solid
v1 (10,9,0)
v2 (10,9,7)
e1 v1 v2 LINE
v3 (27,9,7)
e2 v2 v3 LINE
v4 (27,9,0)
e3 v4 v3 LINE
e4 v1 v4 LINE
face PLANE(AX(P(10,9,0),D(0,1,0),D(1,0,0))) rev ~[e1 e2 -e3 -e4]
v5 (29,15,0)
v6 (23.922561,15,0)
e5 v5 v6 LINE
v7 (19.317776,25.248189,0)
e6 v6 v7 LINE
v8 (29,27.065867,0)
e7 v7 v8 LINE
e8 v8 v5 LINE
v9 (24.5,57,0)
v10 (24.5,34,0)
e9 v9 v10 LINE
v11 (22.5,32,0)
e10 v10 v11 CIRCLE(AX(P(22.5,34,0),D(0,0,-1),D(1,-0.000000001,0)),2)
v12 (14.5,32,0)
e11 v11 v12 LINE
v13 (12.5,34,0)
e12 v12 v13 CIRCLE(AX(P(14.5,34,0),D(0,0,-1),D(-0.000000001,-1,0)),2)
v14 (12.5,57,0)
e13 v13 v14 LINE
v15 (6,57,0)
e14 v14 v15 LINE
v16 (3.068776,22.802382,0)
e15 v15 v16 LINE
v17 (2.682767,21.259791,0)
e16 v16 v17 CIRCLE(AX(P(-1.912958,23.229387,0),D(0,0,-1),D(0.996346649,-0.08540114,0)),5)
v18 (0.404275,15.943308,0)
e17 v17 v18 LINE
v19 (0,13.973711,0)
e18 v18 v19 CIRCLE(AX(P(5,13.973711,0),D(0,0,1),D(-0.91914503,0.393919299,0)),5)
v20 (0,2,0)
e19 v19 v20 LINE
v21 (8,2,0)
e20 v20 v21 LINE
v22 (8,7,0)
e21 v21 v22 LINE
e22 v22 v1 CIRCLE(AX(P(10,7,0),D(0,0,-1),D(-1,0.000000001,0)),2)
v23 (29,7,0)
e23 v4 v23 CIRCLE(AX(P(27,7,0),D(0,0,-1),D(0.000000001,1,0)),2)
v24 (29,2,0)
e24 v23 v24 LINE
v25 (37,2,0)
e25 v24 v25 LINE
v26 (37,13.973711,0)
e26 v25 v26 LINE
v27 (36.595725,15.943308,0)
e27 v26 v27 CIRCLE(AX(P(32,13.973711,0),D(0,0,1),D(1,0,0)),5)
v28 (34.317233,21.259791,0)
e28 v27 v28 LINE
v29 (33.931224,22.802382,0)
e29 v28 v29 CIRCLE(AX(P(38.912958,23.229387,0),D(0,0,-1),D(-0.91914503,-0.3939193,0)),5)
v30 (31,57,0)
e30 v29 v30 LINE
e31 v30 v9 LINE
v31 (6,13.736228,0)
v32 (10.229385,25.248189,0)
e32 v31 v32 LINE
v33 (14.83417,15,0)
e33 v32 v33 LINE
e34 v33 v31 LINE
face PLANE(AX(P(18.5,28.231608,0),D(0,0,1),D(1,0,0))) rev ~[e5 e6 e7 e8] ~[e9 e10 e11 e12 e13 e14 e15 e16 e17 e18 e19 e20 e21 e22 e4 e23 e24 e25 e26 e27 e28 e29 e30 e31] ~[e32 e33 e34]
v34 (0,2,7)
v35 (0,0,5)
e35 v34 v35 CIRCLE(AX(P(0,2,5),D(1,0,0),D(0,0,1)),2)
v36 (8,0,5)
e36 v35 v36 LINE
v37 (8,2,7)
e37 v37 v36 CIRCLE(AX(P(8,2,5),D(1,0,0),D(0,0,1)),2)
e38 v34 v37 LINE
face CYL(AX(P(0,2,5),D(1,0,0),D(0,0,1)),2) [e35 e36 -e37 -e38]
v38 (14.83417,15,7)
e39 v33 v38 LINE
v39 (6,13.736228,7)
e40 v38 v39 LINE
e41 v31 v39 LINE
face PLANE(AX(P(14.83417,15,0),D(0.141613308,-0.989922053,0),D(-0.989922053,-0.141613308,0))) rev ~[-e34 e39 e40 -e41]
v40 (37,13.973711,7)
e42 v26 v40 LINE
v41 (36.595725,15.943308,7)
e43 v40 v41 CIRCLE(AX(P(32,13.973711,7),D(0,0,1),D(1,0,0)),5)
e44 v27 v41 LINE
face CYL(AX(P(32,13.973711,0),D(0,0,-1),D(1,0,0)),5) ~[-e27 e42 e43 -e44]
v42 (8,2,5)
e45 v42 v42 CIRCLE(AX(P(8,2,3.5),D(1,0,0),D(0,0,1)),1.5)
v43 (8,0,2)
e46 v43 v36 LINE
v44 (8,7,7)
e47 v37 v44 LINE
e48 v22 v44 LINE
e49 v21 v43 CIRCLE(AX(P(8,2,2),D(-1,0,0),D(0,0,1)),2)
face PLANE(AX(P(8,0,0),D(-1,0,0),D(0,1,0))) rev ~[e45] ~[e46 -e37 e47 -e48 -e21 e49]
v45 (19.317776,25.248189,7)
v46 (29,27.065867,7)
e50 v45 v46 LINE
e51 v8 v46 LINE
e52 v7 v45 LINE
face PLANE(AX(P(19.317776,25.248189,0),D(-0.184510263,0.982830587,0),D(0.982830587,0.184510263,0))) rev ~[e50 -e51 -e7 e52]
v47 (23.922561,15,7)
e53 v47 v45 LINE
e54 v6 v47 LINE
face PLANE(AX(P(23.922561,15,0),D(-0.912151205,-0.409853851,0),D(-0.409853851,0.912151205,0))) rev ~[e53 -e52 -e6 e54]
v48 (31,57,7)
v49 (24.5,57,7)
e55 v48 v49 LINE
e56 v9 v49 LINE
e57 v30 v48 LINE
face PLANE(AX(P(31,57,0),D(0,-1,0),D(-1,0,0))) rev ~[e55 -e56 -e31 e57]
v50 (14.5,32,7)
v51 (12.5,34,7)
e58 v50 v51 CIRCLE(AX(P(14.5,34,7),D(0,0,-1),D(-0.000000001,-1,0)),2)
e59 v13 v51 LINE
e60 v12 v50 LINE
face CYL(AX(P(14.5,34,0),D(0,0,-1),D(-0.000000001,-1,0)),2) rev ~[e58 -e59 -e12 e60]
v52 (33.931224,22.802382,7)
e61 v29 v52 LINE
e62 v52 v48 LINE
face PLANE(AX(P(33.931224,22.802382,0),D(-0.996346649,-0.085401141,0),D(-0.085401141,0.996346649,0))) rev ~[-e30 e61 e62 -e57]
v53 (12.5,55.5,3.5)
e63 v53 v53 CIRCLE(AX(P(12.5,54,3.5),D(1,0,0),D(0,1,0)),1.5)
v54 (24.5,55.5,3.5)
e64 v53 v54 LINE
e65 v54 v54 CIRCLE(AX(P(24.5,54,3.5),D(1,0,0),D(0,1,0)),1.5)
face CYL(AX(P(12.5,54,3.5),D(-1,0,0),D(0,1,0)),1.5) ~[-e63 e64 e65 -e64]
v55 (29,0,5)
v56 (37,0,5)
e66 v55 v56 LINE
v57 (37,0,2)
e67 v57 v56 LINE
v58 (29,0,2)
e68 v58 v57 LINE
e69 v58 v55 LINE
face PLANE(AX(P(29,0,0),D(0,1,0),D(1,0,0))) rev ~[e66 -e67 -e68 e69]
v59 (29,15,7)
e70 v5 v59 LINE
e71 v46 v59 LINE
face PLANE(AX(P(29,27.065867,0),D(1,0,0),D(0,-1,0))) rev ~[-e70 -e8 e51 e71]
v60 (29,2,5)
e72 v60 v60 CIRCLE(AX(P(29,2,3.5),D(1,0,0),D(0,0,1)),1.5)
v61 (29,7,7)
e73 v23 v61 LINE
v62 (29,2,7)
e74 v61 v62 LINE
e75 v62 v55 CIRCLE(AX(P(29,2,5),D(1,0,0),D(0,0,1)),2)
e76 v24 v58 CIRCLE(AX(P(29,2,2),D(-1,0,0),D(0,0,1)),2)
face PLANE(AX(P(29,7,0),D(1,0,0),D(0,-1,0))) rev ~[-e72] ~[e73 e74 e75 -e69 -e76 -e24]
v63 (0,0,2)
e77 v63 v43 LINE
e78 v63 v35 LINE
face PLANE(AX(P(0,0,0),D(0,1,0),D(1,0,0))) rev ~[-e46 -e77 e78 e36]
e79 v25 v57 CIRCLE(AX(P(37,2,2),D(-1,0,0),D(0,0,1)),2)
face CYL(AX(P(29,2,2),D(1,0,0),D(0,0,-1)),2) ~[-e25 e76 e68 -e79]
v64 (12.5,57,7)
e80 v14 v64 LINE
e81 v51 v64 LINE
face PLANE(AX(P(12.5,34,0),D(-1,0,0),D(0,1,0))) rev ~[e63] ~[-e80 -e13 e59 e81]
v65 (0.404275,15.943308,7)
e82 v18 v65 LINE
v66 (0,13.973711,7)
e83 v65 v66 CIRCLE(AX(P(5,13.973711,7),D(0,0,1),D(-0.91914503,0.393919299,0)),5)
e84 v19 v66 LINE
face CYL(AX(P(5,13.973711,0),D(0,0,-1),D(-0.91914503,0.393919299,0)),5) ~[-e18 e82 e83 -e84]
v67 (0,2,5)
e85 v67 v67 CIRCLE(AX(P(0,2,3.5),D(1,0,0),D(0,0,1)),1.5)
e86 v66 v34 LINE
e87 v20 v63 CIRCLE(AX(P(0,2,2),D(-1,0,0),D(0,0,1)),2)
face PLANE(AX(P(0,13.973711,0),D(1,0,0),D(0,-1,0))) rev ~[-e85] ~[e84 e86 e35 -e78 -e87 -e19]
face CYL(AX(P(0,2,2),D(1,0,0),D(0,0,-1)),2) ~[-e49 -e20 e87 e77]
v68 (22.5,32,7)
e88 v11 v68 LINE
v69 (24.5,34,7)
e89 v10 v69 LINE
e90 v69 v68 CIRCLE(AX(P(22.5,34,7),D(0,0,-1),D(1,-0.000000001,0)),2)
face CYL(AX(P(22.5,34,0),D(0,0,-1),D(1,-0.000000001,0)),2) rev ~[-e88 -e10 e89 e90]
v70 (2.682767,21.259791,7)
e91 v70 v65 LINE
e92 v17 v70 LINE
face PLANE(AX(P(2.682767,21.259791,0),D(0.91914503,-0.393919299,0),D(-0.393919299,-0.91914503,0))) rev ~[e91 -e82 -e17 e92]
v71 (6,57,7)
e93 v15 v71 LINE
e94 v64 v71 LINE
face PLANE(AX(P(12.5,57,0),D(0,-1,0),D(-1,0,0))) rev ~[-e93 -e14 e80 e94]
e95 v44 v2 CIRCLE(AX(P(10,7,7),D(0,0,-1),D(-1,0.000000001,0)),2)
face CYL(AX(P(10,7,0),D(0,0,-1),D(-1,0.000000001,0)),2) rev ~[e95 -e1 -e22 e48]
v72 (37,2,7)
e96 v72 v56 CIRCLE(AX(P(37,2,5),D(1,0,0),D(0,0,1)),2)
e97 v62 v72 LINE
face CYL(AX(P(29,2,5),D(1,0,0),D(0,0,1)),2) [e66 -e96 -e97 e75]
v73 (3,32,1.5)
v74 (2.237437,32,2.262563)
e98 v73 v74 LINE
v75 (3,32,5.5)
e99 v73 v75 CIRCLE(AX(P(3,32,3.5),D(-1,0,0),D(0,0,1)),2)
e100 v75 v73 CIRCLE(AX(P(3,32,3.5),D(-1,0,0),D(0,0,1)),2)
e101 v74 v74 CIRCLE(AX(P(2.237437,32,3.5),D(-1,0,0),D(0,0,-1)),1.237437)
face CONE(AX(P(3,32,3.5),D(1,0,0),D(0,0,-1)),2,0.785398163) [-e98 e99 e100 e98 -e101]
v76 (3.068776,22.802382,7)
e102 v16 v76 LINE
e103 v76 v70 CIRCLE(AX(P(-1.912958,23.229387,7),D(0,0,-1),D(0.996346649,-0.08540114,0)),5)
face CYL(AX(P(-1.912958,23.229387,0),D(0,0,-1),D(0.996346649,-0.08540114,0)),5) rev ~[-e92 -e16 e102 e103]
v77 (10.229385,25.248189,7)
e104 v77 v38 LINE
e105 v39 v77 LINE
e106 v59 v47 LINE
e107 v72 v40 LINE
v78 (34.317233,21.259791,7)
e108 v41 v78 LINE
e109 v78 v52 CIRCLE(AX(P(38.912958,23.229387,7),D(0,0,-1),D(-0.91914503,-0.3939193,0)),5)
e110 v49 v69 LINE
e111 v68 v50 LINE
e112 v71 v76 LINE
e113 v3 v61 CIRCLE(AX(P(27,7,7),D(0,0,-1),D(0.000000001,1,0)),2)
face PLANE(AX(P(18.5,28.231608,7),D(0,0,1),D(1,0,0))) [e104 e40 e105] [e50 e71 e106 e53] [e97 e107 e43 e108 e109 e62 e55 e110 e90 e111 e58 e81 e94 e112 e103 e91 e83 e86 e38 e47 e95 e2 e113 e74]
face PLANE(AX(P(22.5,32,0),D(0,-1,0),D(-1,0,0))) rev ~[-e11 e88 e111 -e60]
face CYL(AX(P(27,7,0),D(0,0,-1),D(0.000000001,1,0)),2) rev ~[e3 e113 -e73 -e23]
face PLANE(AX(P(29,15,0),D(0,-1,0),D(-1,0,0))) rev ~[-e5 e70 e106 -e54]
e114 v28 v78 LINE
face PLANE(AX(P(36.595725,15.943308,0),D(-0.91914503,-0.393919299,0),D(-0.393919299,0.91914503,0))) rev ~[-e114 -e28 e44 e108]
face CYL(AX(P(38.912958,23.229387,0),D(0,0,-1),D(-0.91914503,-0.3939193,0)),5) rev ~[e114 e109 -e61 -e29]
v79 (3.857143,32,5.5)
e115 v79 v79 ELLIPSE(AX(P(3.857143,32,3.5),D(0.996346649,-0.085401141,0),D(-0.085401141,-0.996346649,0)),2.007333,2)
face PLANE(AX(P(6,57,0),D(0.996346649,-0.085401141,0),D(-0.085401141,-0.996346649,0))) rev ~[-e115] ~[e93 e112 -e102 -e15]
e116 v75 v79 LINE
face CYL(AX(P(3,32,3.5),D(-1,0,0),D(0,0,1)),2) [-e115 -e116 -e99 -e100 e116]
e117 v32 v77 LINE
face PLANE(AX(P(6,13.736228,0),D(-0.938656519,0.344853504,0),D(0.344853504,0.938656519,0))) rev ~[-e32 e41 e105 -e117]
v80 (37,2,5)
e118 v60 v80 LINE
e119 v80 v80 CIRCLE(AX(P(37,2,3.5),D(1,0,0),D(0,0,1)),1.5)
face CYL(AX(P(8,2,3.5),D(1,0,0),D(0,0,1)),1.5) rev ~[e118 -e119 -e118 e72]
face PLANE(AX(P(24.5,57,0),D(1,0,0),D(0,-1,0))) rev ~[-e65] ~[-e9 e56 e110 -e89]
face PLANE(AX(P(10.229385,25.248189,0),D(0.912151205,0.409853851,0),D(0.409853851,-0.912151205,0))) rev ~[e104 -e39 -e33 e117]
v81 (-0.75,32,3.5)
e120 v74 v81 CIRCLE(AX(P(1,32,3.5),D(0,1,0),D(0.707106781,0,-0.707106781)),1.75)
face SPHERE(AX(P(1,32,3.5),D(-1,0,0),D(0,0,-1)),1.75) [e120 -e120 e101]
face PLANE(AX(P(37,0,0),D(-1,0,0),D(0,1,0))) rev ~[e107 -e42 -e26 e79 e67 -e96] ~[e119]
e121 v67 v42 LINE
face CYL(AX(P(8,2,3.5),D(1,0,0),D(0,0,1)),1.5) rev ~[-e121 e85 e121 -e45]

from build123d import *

# Parameters (mm, degrees)
EXTRUDE_1_DEPTH     = 7
SKETCH_2_R          = 1.5
CUT_EXTRUDE_1_DEPTH = 50
SKETCH_5_R          = 2
EXTRUDE_2_DEPTH     = 2
FILLET_2_R          = 2
SKETCH_3_R          = 1.5
EXTRUDE_3_DEPTH     = 12


with BuildPart() as part:
    # 草图1 → 凸台-拉伸1 (new body)
    with BuildSketch(Plane.XY):
        with BuildLine():
            Line((0, 13.97371149), (0, 0))
            Line((0, 0), (8, 0))
            Line((8, 0), (8, 7))
            ThreePointArc((8, 7), (8.585786438, 8.414213562), (10, 9))
            Line((10, 9), (27, 9))
            ThreePointArc((27, 9), (28.414213562, 8.414213562), (29, 7))
            Line((29, 7), (29, 0))
            Line((29, 0), (37, 0))
            Line((37, 0), (37, 13.97371149))
            ThreePointArc((37, 13.97371149), (36.897888614, 14.979040852), (36.59572515, 15.943307983))
            Line((36.59572515, 15.943307983), (34.317232535, 21.259790752))
            ThreePointArc((34.317232535, 21.259790752), (34.062511941, 22.01564259), (33.93122444, 22.802381539))
            Line((33.93122444, 22.802381539), (31, 57))
            Line((31, 57), (24.5, 57))
            Line((24.5, 57), (24.5, 34))
            ThreePointArc((24.5, 34), (23.914213562, 32.585786438), (22.5, 32))
            Line((22.5, 32), (18.5, 32))
            Line((18.5, 32), (14.5, 32))
            ThreePointArc((14.5, 32), (13.085786438, 32.585786438), (12.5, 34))
            Line((12.5, 34), (12.5, 57))
            Line((12.5, 57), (6, 57))
            Line((6, 57), (3.06877556, 22.802381539))
            ThreePointArc((3.06877556, 22.802381539), (2.937488059, 22.01564259), (2.682767465, 21.259790752))
            Line((2.682767465, 21.259790752), (0.40427485, 15.943307983))
            ThreePointArc((0.40427485, 15.943307983), (0.102111386, 14.979040852), (0, 13.97371149))
        make_face()
        Polygon((6, 13.736227722), (10.229385492, 25.248189223), (14.834170093, 15), align=None, mode=Mode.SUBTRACT)
        Polygon((23.922560752, 15), (19.317776151, 25.248189223), (29, 27.065867355), (29, 15), align=None, mode=Mode.SUBTRACT)
    extrude(amount=EXTRUDE_1_DEPTH)

    # 草图2 → 切除-拉伸1 (cut, symmetric)
    with BuildSketch(Plane(origin=(8, 0, 0), x_dir=(0, 0, -1), z_dir=(1, 0, 0))):
        with Locations(Location((-3.5, 2, 0), (0, 0, 180))):
            Circle(SKETCH_2_R)
    extrude(amount=CUT_EXTRUDE_1_DEPTH, both=True, mode=Mode.SUBTRACT)

    # 草图5 → 凸台-拉伸2 (add)
    with BuildSketch(Plane.ZY.offset(-3)):
        with Locations((3.5, 32)):
            Circle(SKETCH_5_R)
    extrude(amount=-EXTRUDE_2_DEPTH)

    # 草图6 → 旋转1 (revolve)
    with BuildSketch(Plane(origin=(0, 0, 3.5), x_dir=(-1, 0, 0), z_dir=(0, 0, -1)), mode=Mode.PRIVATE) as revolve_1_sk:
        with BuildLine():
            Line((-3, 32), (-3, 30))
            Line((-3, 30), (-2.237436867, 30.762563133))
            ThreePointArc((-2.237436867, 30.762563133), (-0.330303993, 30.383210818), (0.75, 32))
            Line((0.75, 32), (-1, 32))
            Line((-1, 32), (-3, 32))
        make_face()
    revolve(revolve_1_sk.sketch.rotate(Axis((3, 32, 3.5), (-1, 0, 0)), 270), axis=Axis((3, 32, 3.5), (-1, 0, 0)))

    # 圆角2
    fillet_2_edges = [part.edges().sort_by_distance(p)[0] for p in [
        (33, 0, 0),
        (4, 0, 0),
        (4, 0, 7),
        (33, 0, 7),
    ]]
    fillet(fillet_2_edges, radius=FILLET_2_R)

    # 草图3 → 凸台-拉伸3 (add)
    with BuildSketch(Plane(origin=(12.5, 0, 0), x_dir=(0, 0, -1), z_dir=(1, 0, 0))):
        with Locations(Location((-3.5, 54, 0), (0, 0, 90))):
            Circle(SKETCH_3_R)
    extrude(amount=EXTRUDE_3_DEPTH)


solid = part.part
